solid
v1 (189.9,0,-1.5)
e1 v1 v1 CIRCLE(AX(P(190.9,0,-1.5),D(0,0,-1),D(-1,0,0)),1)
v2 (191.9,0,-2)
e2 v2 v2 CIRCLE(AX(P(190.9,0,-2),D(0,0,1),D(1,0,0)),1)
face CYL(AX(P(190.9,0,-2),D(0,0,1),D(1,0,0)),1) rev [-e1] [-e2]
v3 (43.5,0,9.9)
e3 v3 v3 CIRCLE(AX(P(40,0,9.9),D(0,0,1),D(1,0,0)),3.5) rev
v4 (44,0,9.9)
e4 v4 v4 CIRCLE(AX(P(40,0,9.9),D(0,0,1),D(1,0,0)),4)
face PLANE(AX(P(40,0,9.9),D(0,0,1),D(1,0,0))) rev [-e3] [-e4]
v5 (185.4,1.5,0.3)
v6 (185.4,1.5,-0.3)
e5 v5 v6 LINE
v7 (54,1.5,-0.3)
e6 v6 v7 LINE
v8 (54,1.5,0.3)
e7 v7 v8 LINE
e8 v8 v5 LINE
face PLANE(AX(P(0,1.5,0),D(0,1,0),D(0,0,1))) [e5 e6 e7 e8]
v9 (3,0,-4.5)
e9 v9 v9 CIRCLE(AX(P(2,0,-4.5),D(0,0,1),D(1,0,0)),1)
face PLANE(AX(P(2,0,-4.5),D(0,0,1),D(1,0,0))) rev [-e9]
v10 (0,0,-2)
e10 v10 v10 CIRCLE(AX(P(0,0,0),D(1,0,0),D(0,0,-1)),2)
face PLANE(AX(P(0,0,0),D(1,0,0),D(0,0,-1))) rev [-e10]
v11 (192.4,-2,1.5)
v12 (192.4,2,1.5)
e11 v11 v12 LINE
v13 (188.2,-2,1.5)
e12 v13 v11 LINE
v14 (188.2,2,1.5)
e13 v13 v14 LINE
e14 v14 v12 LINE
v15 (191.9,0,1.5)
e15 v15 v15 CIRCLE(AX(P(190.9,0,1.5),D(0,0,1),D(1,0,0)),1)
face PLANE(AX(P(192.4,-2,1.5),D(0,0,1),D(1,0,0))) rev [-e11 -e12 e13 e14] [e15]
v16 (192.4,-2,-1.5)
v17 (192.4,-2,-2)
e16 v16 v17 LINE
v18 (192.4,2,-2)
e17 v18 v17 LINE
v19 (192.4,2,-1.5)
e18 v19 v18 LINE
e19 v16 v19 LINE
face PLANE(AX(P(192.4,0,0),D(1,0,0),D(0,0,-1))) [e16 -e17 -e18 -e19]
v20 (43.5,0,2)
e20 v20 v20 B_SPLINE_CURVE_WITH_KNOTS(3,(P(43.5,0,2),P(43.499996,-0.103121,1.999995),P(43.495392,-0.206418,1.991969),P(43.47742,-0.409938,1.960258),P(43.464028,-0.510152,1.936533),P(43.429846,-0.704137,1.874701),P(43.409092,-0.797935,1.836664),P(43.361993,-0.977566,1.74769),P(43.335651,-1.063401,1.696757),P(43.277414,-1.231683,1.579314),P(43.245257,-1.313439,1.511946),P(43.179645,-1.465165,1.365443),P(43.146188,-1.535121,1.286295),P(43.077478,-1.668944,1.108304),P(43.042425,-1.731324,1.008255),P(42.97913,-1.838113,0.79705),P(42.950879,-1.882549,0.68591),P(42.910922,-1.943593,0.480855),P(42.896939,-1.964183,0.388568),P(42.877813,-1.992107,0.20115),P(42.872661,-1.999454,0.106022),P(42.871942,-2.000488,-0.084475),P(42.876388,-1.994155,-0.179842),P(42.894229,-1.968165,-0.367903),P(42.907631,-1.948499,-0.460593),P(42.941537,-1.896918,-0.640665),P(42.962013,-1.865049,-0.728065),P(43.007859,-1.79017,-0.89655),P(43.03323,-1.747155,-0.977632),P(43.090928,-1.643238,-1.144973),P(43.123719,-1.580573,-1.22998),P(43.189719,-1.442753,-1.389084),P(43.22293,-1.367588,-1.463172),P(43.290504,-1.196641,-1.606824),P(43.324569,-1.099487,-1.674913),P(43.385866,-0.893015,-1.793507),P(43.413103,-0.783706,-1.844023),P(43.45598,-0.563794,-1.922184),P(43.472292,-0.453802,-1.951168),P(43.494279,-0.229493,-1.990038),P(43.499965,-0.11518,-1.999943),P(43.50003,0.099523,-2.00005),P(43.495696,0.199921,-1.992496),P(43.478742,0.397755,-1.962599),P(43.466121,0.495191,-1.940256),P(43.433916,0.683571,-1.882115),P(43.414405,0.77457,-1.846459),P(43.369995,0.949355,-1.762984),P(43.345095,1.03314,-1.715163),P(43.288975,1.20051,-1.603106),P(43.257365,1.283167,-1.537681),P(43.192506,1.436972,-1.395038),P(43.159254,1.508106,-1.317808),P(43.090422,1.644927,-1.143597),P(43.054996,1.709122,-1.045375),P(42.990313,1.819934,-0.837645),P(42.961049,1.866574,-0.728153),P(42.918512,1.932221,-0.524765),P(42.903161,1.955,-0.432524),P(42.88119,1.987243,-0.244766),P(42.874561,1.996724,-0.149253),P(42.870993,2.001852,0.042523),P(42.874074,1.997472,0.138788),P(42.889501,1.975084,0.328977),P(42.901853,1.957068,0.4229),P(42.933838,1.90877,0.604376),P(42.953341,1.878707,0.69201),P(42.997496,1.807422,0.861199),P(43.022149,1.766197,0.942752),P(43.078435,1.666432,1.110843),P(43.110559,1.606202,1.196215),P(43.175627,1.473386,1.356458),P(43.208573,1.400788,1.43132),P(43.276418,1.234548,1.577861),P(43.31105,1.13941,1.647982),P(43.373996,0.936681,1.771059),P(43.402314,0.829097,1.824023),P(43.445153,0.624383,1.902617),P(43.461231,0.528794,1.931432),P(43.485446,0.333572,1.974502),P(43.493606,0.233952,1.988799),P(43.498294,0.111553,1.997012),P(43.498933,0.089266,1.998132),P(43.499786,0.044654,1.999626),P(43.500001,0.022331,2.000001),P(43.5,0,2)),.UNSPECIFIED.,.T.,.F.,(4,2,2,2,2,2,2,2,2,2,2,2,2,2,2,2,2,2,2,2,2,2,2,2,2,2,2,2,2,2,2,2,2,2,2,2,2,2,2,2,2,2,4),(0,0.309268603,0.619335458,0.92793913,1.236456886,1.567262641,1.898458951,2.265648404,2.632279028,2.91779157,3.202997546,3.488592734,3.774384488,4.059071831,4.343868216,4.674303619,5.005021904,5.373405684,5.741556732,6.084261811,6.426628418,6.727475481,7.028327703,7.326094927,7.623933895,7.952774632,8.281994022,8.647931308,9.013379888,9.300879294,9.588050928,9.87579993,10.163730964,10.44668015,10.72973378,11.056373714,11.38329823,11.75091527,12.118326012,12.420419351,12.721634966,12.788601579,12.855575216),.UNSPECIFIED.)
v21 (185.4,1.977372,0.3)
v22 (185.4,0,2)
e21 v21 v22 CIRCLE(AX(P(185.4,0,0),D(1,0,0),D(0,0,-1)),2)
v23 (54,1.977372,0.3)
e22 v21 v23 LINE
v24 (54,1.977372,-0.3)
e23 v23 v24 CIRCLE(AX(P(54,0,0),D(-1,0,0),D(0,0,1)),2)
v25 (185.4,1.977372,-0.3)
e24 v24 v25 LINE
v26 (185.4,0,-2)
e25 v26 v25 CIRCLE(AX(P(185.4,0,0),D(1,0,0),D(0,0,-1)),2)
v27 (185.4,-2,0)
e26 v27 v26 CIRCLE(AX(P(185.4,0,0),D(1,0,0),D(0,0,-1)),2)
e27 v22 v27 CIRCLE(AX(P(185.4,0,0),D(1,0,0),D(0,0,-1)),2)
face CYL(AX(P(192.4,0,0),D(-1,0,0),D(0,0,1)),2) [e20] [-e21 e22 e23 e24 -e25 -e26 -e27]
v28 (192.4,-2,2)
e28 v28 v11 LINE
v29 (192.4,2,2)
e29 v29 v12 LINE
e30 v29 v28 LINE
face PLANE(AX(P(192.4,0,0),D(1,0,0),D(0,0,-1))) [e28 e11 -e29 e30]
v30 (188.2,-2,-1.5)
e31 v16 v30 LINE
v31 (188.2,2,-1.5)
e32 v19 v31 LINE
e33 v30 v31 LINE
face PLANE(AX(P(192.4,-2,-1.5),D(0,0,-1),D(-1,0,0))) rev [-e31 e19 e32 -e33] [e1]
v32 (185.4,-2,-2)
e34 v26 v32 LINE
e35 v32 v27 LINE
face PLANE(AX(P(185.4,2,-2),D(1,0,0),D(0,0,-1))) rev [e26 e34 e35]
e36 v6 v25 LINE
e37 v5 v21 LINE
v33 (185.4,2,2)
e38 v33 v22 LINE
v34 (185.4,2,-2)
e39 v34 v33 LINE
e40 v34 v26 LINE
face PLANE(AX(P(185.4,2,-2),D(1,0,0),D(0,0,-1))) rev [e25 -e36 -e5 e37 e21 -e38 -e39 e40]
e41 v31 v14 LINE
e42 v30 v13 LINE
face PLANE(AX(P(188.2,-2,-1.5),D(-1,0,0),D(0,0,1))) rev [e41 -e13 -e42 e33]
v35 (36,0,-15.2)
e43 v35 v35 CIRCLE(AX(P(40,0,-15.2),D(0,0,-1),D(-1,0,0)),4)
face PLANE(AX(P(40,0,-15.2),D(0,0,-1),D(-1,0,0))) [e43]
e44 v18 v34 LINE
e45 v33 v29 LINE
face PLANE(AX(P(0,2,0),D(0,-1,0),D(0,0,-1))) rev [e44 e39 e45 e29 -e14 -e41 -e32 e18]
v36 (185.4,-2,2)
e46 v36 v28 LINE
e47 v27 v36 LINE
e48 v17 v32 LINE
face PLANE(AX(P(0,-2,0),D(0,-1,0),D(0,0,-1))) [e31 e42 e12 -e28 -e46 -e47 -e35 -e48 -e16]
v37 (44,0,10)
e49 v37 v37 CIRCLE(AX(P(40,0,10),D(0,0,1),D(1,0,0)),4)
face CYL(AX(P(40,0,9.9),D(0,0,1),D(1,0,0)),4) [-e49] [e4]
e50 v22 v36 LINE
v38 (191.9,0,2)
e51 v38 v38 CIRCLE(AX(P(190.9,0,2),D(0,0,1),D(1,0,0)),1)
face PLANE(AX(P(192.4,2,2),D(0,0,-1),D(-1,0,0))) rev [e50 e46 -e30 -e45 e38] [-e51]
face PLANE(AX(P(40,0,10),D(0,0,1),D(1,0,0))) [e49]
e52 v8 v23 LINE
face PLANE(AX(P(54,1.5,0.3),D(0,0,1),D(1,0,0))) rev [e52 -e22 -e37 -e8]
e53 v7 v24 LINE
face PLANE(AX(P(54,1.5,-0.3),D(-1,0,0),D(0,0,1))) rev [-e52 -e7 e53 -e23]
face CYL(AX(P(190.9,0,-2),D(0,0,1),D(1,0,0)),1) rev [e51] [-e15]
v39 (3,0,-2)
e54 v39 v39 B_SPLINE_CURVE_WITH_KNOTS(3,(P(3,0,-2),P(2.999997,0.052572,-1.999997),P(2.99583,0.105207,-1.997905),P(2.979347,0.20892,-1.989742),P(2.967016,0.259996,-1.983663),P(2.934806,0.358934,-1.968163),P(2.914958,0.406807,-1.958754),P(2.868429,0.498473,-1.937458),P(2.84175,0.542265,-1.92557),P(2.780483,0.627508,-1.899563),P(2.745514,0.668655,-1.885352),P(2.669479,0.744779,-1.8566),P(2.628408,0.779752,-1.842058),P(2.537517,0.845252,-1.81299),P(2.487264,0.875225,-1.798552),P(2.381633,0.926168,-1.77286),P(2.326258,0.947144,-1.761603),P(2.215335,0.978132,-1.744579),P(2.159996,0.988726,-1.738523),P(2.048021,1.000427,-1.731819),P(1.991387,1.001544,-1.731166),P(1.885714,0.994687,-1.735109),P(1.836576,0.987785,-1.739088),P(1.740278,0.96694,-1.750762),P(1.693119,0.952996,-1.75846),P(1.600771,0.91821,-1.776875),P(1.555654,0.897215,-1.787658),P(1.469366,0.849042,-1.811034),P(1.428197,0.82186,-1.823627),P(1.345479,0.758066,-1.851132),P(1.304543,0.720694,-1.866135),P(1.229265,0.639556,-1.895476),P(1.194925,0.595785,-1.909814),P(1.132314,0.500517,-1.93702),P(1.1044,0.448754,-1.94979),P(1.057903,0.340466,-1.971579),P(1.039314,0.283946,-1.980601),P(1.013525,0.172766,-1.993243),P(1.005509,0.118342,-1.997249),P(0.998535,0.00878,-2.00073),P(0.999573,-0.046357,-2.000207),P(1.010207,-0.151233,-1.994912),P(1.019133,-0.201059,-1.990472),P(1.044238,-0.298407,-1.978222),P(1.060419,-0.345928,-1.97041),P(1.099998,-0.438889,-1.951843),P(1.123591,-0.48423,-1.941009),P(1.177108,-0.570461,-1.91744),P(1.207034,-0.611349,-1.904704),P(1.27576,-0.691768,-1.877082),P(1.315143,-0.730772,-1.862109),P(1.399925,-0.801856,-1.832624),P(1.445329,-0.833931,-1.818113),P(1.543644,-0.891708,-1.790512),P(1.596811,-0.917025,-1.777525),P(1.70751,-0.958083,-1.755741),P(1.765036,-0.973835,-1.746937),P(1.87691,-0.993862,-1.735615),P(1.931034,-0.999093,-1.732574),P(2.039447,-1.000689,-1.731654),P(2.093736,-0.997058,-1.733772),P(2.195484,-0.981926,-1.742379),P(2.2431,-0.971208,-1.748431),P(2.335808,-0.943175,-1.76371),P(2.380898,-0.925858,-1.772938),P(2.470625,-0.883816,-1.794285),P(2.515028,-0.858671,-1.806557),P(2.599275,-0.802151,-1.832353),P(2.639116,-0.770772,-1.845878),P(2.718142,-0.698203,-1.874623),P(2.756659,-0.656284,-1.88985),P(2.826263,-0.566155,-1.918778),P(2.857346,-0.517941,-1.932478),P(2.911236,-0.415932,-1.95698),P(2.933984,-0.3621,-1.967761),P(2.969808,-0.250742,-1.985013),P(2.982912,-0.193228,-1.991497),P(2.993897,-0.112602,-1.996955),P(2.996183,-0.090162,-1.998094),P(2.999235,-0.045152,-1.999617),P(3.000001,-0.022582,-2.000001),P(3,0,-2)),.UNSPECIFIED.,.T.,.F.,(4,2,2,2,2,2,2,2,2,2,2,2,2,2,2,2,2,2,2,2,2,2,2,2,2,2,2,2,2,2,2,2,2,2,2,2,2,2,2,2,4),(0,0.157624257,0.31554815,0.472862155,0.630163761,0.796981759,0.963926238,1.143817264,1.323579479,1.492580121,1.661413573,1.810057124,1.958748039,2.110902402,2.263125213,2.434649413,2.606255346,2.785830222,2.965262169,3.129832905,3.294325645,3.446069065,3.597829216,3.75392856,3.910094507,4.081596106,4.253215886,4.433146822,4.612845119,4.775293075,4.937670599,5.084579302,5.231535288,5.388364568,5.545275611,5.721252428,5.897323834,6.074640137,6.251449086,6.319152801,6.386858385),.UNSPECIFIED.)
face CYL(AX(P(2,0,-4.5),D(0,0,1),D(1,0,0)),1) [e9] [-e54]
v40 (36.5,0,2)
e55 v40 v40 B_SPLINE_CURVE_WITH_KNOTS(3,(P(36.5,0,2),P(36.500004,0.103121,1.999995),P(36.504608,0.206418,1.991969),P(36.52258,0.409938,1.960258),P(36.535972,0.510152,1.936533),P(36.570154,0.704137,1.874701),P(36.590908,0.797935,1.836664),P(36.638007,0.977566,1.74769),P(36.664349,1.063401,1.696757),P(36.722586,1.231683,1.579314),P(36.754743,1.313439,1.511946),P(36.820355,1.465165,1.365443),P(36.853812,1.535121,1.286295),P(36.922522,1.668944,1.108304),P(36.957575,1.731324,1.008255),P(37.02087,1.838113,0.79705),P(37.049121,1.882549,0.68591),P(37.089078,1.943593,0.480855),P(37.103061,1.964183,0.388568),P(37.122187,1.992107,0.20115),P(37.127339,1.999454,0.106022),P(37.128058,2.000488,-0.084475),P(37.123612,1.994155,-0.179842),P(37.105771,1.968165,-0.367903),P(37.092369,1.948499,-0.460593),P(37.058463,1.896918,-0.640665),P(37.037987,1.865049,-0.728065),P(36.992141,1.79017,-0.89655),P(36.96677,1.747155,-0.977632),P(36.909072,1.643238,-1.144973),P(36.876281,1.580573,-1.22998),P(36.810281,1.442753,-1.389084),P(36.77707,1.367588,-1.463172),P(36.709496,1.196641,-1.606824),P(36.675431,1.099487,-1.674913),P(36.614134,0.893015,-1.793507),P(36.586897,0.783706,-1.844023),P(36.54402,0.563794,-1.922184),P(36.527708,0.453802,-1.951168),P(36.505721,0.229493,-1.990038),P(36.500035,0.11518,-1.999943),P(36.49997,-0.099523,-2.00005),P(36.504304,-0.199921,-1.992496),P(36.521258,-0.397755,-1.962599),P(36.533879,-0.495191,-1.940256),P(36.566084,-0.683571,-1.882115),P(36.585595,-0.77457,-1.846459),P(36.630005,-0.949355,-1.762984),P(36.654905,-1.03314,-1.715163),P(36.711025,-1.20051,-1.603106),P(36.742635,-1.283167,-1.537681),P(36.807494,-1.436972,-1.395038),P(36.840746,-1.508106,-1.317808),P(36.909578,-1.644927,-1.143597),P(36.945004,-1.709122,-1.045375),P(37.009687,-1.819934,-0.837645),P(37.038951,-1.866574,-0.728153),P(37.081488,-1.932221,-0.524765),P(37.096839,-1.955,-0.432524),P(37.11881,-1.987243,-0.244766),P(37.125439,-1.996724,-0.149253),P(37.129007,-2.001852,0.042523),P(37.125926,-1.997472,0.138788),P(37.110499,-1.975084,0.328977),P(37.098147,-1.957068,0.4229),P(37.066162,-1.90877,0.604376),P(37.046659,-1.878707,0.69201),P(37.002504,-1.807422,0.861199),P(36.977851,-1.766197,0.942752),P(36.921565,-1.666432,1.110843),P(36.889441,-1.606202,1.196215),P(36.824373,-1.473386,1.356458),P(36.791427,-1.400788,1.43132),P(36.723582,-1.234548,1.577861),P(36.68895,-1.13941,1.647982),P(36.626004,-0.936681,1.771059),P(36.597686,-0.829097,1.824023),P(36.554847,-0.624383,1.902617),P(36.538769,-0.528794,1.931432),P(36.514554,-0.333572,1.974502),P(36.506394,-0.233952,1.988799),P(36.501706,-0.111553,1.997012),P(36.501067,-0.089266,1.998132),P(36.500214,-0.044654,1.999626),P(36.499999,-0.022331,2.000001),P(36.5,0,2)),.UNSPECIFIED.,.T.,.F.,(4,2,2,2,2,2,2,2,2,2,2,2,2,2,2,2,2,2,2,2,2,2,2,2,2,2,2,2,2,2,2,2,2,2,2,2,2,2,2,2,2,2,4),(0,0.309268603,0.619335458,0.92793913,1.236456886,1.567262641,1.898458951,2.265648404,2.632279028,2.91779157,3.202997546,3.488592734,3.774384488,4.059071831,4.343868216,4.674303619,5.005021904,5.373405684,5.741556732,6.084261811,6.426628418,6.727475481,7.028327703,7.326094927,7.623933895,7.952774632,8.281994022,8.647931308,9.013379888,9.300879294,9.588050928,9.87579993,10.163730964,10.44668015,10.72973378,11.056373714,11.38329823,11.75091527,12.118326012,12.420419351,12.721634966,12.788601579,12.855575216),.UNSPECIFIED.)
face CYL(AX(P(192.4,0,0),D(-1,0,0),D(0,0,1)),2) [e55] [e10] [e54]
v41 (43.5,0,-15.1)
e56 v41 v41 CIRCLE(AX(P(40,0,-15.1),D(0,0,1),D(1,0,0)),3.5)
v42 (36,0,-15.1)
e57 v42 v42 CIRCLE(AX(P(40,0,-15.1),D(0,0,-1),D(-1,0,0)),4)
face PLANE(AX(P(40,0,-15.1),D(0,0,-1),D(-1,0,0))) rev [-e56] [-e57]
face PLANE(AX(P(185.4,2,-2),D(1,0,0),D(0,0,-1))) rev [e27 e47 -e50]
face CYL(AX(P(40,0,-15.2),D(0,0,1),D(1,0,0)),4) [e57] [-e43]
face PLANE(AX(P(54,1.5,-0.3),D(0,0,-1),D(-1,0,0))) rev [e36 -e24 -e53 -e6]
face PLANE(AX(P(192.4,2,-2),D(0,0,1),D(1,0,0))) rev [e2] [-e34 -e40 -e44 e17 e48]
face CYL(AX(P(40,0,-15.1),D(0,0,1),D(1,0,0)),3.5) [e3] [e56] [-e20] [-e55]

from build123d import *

# Parameters (mm, degrees)
SKETCH_1_R           = 2
EXTRUDE_1_DEPTH      = 192.4
SKETCH_2_R           = 1
EXTRUDE_2_DEPTH      = 4.5
SKETCH_3_R           = 3.5
EXTRUDE_3_DEPTH      = 10
EXTRUDE_3_DEPTH_BACK = 15.1
SKETCH_4_R           = 4
EXTRUDE_4_DEPTH      = 0.1
SKETCH_5_R           = 4
EXTRUDE_5_DEPTH      = 0.1
SKETCH_6_W           = 7
SKETCH_6_H           = 4
EXTRUDE_6_DEPTH      = 2
SKETCH_7_W           = 4.2
SKETCH_7_H           = 3
CUT_EXTRUDE_1_DEPTH  = 2
SKETCH_8_R           = 1
CUT_EXTRUDE_2_DEPTH  = 2
SKETCH_9_W           = 131.4
SKETCH_9_H           = 0.6
CUT_EXTRUDE_3_DEPTH  = 0.5


with BuildPart() as part:
    # 草图1 → 凸台-拉伸1 (new body)
    with BuildSketch(Plane(origin=(0, 0, 0), x_dir=(0, 0, -1), z_dir=(1, 0, 0))):
        Circle(SKETCH_1_R)
    extrude(amount=EXTRUDE_1_DEPTH)

    # 草图2 → 凸台-拉伸2 (add)
    with BuildSketch(Plane.XY):
        with Locations((2, 0)):
            Circle(SKETCH_2_R)
    extrude(amount=-EXTRUDE_2_DEPTH)

    # 草图3 → 凸台-拉伸3 (add, two sides)
    with BuildSketch(Plane.XY) as extrude_3_sk:
        with Locations((40, 0)):
            Circle(SKETCH_3_R)
    extrude(amount=EXTRUDE_3_DEPTH)
    extrude(extrude_3_sk.sketch, amount=-EXTRUDE_3_DEPTH_BACK)

    # 草图4 → 凸台-拉伸4 (add)
    with BuildSketch(Plane.XY.offset(10)):
        with Locations((40, 0)):
            Circle(SKETCH_4_R)
    extrude(amount=-EXTRUDE_4_DEPTH)

    # 草图5 → 凸台-拉伸5 (add)
    with BuildSketch(Plane(origin=(0, 0, -15.1), x_dir=(-1, 0, 0), z_dir=(0, 0, -1))):
        with Locations((-40, 0)):
            Circle(SKETCH_5_R)
    extrude(amount=EXTRUDE_5_DEPTH)

    # 草图6 → 凸台-拉伸6 (add, symmetric)
    with BuildSketch(Plane(origin=(0, 0, 0), x_dir=(1, 0, 0), z_dir=(0, 1, 0))):
        with Locations((188.9, 0)):
            Rectangle(SKETCH_6_W, SKETCH_6_H)
    extrude(amount=EXTRUDE_6_DEPTH, both=True)

    # 草图7 → 切除-拉伸1 (cut, symmetric)
    with BuildSketch(Plane(origin=(0, 0, 0), x_dir=(1, 0, 0), z_dir=(0, 1, 0))):
        with Locations((190.3, 0)):
            Rectangle(SKETCH_7_W, SKETCH_7_H)
    extrude(amount=CUT_EXTRUDE_1_DEPTH, both=True, mode=Mode.SUBTRACT)

    # 草图8 → 切除-拉伸2 (cut, symmetric)
    with BuildSketch(Plane.XY):
        with Locations((190.9, 0)):
            Circle(SKETCH_8_R)
    extrude(amount=CUT_EXTRUDE_2_DEPTH, both=True, mode=Mode.SUBTRACT)

    # 草图9 → 切除-拉伸3 (cut)
    with BuildSketch(Plane(origin=(0, 2, 0), x_dir=(1, 0, 0), z_dir=(0, 1, 0))):
        with Locations((119.7, 0)):
            Rectangle(SKETCH_9_W, SKETCH_9_H)
    extrude(amount=-CUT_EXTRUDE_3_DEPTH, mode=Mode.SUBTRACT)


solid = part.part
